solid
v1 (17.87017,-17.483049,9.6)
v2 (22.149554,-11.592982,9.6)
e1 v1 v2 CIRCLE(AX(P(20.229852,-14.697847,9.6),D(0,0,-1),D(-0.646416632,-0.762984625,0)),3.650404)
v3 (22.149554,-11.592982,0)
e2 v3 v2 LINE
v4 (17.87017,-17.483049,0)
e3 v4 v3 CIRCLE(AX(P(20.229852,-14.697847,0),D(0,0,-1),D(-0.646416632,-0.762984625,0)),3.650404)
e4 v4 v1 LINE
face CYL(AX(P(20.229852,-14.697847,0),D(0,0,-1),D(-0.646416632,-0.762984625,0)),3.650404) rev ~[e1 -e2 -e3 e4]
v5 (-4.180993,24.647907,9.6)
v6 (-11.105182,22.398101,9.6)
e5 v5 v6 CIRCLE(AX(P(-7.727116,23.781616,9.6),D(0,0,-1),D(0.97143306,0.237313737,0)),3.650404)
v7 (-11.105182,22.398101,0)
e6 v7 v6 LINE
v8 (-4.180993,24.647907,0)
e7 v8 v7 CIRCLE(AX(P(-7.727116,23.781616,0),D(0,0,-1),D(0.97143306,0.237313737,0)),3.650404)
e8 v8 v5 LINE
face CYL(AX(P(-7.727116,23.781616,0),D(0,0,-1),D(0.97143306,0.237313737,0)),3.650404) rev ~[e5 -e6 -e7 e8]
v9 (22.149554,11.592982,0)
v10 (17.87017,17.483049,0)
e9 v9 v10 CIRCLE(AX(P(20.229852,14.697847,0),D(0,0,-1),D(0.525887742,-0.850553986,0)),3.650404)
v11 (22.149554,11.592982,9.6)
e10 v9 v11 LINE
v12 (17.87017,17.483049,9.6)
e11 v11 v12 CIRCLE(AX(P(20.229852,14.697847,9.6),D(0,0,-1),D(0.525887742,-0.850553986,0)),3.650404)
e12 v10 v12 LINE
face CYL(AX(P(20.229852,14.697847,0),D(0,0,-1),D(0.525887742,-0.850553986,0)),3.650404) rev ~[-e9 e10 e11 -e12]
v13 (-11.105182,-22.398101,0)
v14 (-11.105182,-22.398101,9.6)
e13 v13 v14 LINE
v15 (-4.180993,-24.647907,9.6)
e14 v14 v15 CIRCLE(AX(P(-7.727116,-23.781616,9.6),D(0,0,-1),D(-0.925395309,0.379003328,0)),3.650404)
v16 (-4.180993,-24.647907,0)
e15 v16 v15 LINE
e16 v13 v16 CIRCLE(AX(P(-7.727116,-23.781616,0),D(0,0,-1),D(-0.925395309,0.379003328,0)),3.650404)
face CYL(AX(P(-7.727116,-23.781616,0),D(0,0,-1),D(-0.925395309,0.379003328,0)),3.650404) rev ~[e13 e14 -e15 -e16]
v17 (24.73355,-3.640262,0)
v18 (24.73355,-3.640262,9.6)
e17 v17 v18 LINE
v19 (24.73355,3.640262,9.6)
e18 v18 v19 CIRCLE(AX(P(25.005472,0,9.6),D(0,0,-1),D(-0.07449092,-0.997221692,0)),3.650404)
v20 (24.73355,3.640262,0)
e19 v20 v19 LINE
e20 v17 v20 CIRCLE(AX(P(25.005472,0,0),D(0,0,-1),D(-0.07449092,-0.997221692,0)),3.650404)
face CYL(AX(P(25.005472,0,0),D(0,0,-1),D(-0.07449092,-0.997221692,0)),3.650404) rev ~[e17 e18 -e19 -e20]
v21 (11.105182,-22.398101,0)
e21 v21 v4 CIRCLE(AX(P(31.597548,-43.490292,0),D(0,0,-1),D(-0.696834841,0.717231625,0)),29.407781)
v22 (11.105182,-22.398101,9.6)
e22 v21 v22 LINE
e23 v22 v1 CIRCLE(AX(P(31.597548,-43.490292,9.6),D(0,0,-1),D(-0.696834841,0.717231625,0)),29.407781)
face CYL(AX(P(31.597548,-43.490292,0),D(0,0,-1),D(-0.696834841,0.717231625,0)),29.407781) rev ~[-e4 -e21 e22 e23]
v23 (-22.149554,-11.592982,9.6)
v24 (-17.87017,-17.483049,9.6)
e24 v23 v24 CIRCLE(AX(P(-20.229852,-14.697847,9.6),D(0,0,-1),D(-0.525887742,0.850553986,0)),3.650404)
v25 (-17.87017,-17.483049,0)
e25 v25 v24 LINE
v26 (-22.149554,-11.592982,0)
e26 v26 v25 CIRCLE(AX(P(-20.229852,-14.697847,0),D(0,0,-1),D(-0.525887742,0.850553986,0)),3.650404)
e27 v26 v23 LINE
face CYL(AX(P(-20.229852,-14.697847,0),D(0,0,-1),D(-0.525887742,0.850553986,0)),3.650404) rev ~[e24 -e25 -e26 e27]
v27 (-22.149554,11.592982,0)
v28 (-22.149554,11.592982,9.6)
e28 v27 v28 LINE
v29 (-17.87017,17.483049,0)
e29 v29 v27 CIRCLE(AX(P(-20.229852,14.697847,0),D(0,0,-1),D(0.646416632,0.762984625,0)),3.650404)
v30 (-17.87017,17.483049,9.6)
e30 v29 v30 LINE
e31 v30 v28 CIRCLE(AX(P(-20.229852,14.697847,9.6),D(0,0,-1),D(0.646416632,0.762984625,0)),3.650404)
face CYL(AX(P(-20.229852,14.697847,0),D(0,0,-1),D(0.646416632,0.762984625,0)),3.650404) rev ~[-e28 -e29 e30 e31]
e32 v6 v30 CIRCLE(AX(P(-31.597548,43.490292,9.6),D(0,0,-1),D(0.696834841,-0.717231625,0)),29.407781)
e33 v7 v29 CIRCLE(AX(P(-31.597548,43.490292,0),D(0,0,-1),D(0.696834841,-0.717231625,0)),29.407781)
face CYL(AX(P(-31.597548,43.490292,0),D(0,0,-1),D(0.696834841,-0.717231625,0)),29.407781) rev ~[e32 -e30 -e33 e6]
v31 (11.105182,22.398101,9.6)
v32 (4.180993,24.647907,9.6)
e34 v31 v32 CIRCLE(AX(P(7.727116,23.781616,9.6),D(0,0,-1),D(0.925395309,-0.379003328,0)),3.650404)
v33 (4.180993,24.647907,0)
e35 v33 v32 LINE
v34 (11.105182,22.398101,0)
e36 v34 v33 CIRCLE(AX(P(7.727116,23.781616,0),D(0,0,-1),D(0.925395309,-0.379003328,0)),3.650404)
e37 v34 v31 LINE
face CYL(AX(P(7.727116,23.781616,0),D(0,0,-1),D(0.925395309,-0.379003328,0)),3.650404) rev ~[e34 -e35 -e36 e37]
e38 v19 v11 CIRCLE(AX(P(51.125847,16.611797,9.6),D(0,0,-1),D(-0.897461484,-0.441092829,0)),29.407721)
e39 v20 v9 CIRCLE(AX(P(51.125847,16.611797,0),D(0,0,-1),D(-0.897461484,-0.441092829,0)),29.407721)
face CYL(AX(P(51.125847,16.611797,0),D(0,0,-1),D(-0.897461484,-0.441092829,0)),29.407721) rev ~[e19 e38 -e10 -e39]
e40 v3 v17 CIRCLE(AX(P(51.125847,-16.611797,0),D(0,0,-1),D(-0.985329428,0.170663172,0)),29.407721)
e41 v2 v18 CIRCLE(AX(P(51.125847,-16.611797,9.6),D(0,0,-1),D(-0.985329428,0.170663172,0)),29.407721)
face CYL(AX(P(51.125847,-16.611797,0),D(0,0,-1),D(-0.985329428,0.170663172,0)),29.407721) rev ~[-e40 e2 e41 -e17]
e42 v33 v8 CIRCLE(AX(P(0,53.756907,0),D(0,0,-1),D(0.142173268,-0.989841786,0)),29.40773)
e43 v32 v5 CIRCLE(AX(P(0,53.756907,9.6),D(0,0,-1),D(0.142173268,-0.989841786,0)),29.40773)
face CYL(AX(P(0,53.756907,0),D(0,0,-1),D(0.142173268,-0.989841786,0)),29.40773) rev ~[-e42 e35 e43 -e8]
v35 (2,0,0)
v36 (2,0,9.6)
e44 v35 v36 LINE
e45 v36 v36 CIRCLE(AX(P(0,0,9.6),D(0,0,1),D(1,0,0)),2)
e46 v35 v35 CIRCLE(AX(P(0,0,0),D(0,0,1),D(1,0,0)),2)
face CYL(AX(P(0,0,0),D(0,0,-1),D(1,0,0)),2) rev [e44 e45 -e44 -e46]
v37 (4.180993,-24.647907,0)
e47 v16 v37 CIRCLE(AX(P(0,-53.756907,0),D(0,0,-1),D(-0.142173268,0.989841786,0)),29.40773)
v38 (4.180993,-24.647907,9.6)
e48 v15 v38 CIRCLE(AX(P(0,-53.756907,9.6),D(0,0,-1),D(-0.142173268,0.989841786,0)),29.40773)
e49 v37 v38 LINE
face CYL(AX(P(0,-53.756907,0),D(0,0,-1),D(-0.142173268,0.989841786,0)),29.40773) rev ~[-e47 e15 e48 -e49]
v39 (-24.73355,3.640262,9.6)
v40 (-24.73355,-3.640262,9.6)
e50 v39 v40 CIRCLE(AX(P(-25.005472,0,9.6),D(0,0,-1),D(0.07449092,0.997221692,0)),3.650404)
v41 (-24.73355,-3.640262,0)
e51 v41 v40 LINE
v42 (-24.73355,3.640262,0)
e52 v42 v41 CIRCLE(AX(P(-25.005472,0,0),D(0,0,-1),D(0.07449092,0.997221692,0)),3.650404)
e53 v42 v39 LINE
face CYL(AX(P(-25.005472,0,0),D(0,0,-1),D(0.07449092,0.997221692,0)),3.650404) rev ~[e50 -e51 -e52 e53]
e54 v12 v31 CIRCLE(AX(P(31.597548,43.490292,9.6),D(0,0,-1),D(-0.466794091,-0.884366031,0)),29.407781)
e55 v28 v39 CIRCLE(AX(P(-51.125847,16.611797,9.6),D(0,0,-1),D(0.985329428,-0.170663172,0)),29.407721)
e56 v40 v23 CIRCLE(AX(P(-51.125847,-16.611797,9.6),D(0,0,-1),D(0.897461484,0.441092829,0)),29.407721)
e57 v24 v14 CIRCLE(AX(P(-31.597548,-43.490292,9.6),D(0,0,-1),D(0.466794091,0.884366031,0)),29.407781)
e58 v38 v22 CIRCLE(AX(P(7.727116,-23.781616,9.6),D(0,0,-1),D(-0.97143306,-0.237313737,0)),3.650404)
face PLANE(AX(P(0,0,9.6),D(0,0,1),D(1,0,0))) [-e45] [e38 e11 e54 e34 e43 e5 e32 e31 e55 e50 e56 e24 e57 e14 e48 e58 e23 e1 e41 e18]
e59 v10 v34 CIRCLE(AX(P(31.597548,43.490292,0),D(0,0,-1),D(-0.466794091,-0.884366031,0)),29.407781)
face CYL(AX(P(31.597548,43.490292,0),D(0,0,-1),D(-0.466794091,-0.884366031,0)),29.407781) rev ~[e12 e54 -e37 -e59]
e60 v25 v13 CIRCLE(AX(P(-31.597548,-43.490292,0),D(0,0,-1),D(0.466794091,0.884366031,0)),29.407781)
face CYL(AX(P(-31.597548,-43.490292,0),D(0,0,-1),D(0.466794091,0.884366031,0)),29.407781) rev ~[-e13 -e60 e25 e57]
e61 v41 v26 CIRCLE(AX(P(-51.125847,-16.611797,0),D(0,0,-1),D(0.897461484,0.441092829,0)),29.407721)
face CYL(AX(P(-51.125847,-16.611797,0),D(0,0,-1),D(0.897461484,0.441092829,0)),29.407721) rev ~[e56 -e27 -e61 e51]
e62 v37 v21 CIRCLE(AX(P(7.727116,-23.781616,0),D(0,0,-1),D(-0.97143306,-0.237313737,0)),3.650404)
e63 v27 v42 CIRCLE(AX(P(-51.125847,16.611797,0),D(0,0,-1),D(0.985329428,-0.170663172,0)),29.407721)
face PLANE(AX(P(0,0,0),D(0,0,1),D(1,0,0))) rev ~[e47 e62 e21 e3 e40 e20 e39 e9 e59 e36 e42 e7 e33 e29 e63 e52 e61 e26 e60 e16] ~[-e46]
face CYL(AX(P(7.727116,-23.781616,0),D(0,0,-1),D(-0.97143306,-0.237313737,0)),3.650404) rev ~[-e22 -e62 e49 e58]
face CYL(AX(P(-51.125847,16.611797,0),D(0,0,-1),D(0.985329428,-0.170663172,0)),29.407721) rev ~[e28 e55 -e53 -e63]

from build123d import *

# Parameters (mm, degrees)
F0_R     = 2
F1_DEPTH = 9.6


with BuildPart() as f1:
    # F0 (on Top) → F1 (new body)
    with BuildSketch(Plane.XY):
        with BuildLine():
            ThreePointArc((24.73355, -3.640262), (21.355068, 0), (24.73355, 3.640262))
            ThreePointArc((24.73355, 3.640262), (23.157443, 7.524309), (22.149554, 11.592982))
            ThreePointArc((22.149554, 11.592982), (17.276613, 12.552194), (17.87017, 17.483049))
            ThreePointArc((17.87017, 17.483049), (14.312087, 19.698898), (11.105182, 22.398101))
            ThreePointArc((11.105182, 22.398101), (6.599079, 20.309876), (4.180993, 24.647907))
            ThreePointArc((4.180993, 24.647907), (0, 24.349177), (-4.180993, 24.647907))
            ThreePointArc((-4.180993, 24.647907), (-6.599079, 20.309876), (-11.105182, 22.398101))
            ThreePointArc((-11.105182, 22.398101), (-14.312087, 19.698898), (-17.87017, 17.483049))
            ThreePointArc((-17.87017, 17.483049), (-17.276613, 12.552194), (-22.149554, 11.592982))
            ThreePointArc((-22.149554, 11.592982), (-23.157443, 7.524309), (-24.73355, 3.640262))
            ThreePointArc((-24.73355, 3.640262), (-21.355068, 0), (-24.73355, -3.640262))
            ThreePointArc((-24.73355, -3.640262), (-23.157443, -7.524309), (-22.149554, -11.592982))
            ThreePointArc((-22.149554, -11.592982), (-17.276613, -12.552194), (-17.87017, -17.483049))
            ThreePointArc((-17.87017, -17.483049), (-14.312087, -19.698898), (-11.105182, -22.398101))
            ThreePointArc((-11.105182, -22.398101), (-6.599079, -20.309876), (-4.180993, -24.647907))
            ThreePointArc((-4.180993, -24.647907), (0, -24.349177), (4.180993, -24.647907))
            ThreePointArc((4.180993, -24.647907), (6.599079, -20.309876), (11.105182, -22.398101))
            ThreePointArc((11.105182, -22.398101), (14.312087, -19.698898), (17.87017, -17.483049))
            ThreePointArc((17.87017, -17.483049), (17.276613, -12.552194), (22.149554, -11.592982))
            ThreePointArc((22.149554, -11.592982), (23.157443, -7.524309), (24.73355, -3.640262))
        make_face()
        Circle(F0_R, mode=Mode.SUBTRACT)
    extrude(amount=F1_DEPTH)


solid = f1.part
